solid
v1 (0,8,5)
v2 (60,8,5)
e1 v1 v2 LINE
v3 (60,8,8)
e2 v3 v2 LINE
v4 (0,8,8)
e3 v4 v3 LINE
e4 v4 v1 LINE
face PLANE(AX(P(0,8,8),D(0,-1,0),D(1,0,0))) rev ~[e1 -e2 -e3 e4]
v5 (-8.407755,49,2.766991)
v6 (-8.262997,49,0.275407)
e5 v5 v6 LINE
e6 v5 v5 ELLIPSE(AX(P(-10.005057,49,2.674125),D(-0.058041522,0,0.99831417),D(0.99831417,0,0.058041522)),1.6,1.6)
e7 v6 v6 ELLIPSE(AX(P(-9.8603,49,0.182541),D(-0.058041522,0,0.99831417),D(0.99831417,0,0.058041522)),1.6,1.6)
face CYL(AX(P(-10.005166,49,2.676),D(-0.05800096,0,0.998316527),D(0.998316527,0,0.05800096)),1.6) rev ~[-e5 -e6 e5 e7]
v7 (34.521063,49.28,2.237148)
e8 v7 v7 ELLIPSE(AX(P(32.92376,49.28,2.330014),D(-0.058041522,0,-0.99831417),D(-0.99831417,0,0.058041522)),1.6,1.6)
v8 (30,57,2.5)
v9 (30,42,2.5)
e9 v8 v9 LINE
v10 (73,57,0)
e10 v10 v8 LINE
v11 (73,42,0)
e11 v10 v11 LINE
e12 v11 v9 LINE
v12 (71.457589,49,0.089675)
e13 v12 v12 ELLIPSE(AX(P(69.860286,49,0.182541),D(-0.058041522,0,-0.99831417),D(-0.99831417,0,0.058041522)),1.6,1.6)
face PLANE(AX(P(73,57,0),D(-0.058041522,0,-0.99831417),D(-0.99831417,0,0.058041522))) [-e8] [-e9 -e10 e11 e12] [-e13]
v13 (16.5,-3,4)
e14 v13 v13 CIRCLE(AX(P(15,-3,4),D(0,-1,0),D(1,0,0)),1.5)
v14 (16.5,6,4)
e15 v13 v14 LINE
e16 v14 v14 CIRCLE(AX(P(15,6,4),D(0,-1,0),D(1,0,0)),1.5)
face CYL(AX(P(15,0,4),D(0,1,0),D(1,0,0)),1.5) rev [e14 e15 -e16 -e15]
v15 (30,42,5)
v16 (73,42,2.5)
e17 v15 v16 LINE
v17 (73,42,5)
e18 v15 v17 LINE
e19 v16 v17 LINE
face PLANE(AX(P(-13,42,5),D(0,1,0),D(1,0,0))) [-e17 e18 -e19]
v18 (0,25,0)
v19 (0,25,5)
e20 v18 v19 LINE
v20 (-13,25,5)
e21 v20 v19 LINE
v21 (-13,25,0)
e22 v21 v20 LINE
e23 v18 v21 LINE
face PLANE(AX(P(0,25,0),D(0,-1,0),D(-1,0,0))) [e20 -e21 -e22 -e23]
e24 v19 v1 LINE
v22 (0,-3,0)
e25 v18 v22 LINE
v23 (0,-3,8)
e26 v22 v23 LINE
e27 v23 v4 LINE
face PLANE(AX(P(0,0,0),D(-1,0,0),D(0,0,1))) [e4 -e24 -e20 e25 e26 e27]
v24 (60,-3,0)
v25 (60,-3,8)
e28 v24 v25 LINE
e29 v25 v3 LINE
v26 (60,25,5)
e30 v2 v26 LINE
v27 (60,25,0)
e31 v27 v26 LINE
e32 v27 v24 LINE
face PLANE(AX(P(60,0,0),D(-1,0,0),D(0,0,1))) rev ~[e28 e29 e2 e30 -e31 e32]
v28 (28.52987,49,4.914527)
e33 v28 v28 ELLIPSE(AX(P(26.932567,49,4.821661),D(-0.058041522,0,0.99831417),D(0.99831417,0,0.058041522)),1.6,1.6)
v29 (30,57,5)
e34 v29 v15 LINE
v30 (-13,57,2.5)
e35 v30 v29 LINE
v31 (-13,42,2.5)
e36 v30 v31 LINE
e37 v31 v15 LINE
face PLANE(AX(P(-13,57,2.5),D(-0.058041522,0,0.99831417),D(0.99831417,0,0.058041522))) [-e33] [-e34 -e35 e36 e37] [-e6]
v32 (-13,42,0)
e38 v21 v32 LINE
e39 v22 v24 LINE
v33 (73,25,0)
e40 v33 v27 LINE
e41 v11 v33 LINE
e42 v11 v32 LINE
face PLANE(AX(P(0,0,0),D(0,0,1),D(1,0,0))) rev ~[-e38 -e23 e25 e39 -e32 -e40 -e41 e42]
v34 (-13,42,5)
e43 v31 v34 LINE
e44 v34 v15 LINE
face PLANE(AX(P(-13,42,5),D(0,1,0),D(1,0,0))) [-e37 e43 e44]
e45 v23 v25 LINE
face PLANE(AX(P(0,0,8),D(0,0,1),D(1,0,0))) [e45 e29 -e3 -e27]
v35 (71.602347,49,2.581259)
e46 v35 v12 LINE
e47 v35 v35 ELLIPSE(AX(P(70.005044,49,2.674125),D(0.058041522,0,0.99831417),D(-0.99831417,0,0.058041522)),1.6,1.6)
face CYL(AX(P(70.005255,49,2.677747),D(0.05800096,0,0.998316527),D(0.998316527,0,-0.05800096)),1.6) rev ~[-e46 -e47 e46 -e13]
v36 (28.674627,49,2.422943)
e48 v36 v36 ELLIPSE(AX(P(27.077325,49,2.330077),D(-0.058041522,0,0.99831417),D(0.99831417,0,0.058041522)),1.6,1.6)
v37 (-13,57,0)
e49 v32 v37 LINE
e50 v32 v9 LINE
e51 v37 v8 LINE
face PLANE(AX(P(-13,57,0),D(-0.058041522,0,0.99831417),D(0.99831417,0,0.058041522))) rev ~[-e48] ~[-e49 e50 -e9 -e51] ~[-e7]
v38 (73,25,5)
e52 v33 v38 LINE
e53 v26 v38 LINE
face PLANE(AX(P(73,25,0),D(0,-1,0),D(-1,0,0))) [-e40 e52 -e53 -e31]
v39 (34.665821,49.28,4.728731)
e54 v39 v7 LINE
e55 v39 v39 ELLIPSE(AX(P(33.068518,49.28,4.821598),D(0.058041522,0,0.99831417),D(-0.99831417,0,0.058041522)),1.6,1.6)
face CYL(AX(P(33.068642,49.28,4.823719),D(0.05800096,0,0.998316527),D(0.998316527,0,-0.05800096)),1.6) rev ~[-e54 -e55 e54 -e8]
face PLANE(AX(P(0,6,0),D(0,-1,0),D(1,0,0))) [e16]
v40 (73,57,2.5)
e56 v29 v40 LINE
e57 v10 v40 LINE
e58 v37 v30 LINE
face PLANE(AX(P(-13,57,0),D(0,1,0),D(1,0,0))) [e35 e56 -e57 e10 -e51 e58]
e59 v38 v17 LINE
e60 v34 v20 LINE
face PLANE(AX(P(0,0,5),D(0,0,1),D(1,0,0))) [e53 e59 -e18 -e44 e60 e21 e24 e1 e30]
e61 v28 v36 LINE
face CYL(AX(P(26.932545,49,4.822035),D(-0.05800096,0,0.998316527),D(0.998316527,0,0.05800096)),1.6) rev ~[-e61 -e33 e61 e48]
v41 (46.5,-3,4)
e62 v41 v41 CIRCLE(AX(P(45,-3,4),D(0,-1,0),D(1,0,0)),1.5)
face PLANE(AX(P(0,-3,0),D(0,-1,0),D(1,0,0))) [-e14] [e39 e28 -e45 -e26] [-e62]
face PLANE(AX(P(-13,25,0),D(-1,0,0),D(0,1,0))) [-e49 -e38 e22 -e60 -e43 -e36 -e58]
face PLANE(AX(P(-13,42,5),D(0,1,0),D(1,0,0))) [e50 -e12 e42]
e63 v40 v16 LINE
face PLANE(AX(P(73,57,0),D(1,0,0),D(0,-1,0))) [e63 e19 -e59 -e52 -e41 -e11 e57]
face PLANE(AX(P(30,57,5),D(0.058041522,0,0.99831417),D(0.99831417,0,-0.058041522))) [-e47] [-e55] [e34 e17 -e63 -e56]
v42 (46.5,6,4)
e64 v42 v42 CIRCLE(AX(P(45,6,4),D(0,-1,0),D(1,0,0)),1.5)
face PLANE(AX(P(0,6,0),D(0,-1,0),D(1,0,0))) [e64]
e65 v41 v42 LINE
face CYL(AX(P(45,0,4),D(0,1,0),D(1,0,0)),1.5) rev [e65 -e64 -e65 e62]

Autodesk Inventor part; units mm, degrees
ref_plane "YZ Plane" through (0, 0, 0) normal (1, 0, 0) x (0, 1, 0)
ref_plane "XZ Plane" through (0, 0, 0) normal (0, 1, 0) x (-1, 0, 0)
ref_plane "XY Plane" through (0, 0, 0) normal (0, 0, 1) x (1, 0, 0)
sketch "스케치1" plane through (0, 0, 0) normal (0, 0, 1) x (1, 0, 0)
  line L0 (0, 0) -> (60, 0)
  line L1 (60, 0) -> (60, 25)
  line L2 (60, 57) -> (0, 57)
  line L3 (0, 25) -> (0, 0)
  line L4 (-13, 57) -> (73, 57)
  line L5 (73, 57) -> (73, 25)
  line L6 (-13, 25) -> (-13, 57)
  line L7 (73, 25) -> (60, 25)
  line L8 (0, 25) -> (-13, 25)
  dimension "d0" = 60
  dimension "d1" = 57
  dimension "d3" = 86
  dimension "d4" = 32
  dimension "d5" = 13
extrude "돌출1" add sketch "스케치1" along normal blind 8
sketch "스케치2" plane through (0, 0, 8) normal (0, 0, 1) x (1, 0, 0)
  line L0 (0, 0) -> (60, 0) projected
  line L1 (60, 0) -> (60, 25) projected
  line L2 (60, 25) -> (73, 25) projected
  line L3 (73, 25) -> (73, 57) projected
  line L4 (73, 57) -> (-13, 57) projected
  line L5 (-13, 57) -> (-13, 25) projected
  line L6 (-13, 25) -> (0, 25) projected
  line L7 (0, 25) -> (0, 0) projected
  line L8 (0, 25) -> (0, 0) projected
  line L9 (0, 8) -> (60, 8)
  line L10 (60, 8) -> (60, 0)
  line L11 (60, 0) -> (0, 0)
  line L12 (0, 0) -> (0, 8)
  dimension "d9" = 8
  dimension "d10" = 0
extrude "돌출2" cut sketch "스케치2" against normal blind 3 contours L7 L6 L5 L4 L3 L2 L1 L9
sketch "스케치4" plane through (0, 0, 0) normal (0, -1, 0) x (1, 0, 0)
  line L0 (0, 0) -> (60, 0) projected
  line L1 (60, 0) -> (60, 8) projected
  line L2 (0, 8) -> (60, 8) projected
  line L3 (0, 0) -> (0, 8) projected
  circle A0 centre (45, 4) radius 1.5
  circle A1 centre (15, 4) radius 1.5
  dimension "d15" = 3
  dimension "d16" = 3
  dimension "d17" = 4
  dimension "d18" = 15
  dimension "d19" = 4
  dimension "d20" = 15
extrude "돌출4" cut sketch "스케치4" against normal blind 6 contours A0 | A1
sketch "스케치11" plane through (-13, 57, 5) normal (0, 1, 0) x (1, 0, 0)
  line L0 (0, 0) -> (86, 0) projected
  line L1 (86, 5) -> (86, 0) projected
  line L2 (86, 5) -> (0, 5) projected
  line L3 (0, 5) -> (0, 0) projected
  line L4 (0, 2.5) -> (43, 0)
  line L5 (0, 0) -> (86, 0) projected
  line L6 (73, 5) -> (86, 5) projected
  line L7 (43, 0) -> (43, 2.5)
  line L8 (86, 5) -> (0, 5) projected
  line L9 (86, 5) -> (43, 2.5)
  line L10 (0, 5) -> (43, 2.5)
  line L11 (43, 0) -> (86, 2.5)
  line L12 (86, 5) -> (86, 0) projected
  line L13 (86, 2.5) -> (86, 5)
  point P0 (13, 5)
extrude "돌출7" cut sketch "스케치11" against normal blind 15 contours L3 L4 L0 | L11 L1 L0 | L10 L2 L9
sketch "스케치13" plane through (-13, 57, 2.5) normal (-0.058, 0, 0.9983) x (0.9983, 0, 0.058)
  circle A0 centre (3, -8) radius 1.6
  circle A1 centre (40, -8) radius 1.6
  line L0 (0, -15) -> (0, 0) projected
  line L1 (0, 0) -> (43.0726, 0) projected
  line L2 (42.9275, -15) -> (-0.1451, -15) projected
  point P0 (12.833, -57)
  dimension "d53" = 3.2
  dimension "d54" = 3.2
  dimension "d55" = 37
  dimension "d56" = 3
  dimension "d57" = 8
  dimension "d58" = 7
extrude "돌출8" cut sketch "스케치13" against normal blind 3
sketch "스케치15" plane through (0, 0, 0) normal (0, -1, 0) x (1, 0, 0)
  circle A0 centre (45, 4) radius 1.5 projected
  circle A1 centre (15, 4) radius 1.5 projected
  line L0 (0, 0) -> (60, 0) projected
  line L1 (60, 0) -> (60, 8) projected
  line L2 (0, 8) -> (60, 8) projected
  line L3 (0, 0) -> (0, 8) projected
extrude "돌출11" add sketch "스케치15" along normal blind 3
sketch "스케치16" plane through (30, 42, 5) normal (0.058, 0, 0.9983) x (0.9983, 0, -0.058)
  circle A0 centre (40.0726, 7) radius 1.6
  circle A1 centre (3.0737, 7.28) radius 1.6
  line L0 (0, 15) -> (43.0726, 15) projected
  line L1 (43.0726, 15) -> (43.0726, 0) projected
  point P0 (-29.6592, -42)
  dimension "d71" = 3.2
  dimension "d72" = 3.2
  dimension "d73" = 8
  dimension "d74" = 7.72
  dimension "d75" = 37
  dimension "d76" = 3
extrude "돌출12" cut sketch "스케치16" against normal blind 10
properties part number "앞뒷면PSD받침대_수정" material "ABS 플라스틱"
